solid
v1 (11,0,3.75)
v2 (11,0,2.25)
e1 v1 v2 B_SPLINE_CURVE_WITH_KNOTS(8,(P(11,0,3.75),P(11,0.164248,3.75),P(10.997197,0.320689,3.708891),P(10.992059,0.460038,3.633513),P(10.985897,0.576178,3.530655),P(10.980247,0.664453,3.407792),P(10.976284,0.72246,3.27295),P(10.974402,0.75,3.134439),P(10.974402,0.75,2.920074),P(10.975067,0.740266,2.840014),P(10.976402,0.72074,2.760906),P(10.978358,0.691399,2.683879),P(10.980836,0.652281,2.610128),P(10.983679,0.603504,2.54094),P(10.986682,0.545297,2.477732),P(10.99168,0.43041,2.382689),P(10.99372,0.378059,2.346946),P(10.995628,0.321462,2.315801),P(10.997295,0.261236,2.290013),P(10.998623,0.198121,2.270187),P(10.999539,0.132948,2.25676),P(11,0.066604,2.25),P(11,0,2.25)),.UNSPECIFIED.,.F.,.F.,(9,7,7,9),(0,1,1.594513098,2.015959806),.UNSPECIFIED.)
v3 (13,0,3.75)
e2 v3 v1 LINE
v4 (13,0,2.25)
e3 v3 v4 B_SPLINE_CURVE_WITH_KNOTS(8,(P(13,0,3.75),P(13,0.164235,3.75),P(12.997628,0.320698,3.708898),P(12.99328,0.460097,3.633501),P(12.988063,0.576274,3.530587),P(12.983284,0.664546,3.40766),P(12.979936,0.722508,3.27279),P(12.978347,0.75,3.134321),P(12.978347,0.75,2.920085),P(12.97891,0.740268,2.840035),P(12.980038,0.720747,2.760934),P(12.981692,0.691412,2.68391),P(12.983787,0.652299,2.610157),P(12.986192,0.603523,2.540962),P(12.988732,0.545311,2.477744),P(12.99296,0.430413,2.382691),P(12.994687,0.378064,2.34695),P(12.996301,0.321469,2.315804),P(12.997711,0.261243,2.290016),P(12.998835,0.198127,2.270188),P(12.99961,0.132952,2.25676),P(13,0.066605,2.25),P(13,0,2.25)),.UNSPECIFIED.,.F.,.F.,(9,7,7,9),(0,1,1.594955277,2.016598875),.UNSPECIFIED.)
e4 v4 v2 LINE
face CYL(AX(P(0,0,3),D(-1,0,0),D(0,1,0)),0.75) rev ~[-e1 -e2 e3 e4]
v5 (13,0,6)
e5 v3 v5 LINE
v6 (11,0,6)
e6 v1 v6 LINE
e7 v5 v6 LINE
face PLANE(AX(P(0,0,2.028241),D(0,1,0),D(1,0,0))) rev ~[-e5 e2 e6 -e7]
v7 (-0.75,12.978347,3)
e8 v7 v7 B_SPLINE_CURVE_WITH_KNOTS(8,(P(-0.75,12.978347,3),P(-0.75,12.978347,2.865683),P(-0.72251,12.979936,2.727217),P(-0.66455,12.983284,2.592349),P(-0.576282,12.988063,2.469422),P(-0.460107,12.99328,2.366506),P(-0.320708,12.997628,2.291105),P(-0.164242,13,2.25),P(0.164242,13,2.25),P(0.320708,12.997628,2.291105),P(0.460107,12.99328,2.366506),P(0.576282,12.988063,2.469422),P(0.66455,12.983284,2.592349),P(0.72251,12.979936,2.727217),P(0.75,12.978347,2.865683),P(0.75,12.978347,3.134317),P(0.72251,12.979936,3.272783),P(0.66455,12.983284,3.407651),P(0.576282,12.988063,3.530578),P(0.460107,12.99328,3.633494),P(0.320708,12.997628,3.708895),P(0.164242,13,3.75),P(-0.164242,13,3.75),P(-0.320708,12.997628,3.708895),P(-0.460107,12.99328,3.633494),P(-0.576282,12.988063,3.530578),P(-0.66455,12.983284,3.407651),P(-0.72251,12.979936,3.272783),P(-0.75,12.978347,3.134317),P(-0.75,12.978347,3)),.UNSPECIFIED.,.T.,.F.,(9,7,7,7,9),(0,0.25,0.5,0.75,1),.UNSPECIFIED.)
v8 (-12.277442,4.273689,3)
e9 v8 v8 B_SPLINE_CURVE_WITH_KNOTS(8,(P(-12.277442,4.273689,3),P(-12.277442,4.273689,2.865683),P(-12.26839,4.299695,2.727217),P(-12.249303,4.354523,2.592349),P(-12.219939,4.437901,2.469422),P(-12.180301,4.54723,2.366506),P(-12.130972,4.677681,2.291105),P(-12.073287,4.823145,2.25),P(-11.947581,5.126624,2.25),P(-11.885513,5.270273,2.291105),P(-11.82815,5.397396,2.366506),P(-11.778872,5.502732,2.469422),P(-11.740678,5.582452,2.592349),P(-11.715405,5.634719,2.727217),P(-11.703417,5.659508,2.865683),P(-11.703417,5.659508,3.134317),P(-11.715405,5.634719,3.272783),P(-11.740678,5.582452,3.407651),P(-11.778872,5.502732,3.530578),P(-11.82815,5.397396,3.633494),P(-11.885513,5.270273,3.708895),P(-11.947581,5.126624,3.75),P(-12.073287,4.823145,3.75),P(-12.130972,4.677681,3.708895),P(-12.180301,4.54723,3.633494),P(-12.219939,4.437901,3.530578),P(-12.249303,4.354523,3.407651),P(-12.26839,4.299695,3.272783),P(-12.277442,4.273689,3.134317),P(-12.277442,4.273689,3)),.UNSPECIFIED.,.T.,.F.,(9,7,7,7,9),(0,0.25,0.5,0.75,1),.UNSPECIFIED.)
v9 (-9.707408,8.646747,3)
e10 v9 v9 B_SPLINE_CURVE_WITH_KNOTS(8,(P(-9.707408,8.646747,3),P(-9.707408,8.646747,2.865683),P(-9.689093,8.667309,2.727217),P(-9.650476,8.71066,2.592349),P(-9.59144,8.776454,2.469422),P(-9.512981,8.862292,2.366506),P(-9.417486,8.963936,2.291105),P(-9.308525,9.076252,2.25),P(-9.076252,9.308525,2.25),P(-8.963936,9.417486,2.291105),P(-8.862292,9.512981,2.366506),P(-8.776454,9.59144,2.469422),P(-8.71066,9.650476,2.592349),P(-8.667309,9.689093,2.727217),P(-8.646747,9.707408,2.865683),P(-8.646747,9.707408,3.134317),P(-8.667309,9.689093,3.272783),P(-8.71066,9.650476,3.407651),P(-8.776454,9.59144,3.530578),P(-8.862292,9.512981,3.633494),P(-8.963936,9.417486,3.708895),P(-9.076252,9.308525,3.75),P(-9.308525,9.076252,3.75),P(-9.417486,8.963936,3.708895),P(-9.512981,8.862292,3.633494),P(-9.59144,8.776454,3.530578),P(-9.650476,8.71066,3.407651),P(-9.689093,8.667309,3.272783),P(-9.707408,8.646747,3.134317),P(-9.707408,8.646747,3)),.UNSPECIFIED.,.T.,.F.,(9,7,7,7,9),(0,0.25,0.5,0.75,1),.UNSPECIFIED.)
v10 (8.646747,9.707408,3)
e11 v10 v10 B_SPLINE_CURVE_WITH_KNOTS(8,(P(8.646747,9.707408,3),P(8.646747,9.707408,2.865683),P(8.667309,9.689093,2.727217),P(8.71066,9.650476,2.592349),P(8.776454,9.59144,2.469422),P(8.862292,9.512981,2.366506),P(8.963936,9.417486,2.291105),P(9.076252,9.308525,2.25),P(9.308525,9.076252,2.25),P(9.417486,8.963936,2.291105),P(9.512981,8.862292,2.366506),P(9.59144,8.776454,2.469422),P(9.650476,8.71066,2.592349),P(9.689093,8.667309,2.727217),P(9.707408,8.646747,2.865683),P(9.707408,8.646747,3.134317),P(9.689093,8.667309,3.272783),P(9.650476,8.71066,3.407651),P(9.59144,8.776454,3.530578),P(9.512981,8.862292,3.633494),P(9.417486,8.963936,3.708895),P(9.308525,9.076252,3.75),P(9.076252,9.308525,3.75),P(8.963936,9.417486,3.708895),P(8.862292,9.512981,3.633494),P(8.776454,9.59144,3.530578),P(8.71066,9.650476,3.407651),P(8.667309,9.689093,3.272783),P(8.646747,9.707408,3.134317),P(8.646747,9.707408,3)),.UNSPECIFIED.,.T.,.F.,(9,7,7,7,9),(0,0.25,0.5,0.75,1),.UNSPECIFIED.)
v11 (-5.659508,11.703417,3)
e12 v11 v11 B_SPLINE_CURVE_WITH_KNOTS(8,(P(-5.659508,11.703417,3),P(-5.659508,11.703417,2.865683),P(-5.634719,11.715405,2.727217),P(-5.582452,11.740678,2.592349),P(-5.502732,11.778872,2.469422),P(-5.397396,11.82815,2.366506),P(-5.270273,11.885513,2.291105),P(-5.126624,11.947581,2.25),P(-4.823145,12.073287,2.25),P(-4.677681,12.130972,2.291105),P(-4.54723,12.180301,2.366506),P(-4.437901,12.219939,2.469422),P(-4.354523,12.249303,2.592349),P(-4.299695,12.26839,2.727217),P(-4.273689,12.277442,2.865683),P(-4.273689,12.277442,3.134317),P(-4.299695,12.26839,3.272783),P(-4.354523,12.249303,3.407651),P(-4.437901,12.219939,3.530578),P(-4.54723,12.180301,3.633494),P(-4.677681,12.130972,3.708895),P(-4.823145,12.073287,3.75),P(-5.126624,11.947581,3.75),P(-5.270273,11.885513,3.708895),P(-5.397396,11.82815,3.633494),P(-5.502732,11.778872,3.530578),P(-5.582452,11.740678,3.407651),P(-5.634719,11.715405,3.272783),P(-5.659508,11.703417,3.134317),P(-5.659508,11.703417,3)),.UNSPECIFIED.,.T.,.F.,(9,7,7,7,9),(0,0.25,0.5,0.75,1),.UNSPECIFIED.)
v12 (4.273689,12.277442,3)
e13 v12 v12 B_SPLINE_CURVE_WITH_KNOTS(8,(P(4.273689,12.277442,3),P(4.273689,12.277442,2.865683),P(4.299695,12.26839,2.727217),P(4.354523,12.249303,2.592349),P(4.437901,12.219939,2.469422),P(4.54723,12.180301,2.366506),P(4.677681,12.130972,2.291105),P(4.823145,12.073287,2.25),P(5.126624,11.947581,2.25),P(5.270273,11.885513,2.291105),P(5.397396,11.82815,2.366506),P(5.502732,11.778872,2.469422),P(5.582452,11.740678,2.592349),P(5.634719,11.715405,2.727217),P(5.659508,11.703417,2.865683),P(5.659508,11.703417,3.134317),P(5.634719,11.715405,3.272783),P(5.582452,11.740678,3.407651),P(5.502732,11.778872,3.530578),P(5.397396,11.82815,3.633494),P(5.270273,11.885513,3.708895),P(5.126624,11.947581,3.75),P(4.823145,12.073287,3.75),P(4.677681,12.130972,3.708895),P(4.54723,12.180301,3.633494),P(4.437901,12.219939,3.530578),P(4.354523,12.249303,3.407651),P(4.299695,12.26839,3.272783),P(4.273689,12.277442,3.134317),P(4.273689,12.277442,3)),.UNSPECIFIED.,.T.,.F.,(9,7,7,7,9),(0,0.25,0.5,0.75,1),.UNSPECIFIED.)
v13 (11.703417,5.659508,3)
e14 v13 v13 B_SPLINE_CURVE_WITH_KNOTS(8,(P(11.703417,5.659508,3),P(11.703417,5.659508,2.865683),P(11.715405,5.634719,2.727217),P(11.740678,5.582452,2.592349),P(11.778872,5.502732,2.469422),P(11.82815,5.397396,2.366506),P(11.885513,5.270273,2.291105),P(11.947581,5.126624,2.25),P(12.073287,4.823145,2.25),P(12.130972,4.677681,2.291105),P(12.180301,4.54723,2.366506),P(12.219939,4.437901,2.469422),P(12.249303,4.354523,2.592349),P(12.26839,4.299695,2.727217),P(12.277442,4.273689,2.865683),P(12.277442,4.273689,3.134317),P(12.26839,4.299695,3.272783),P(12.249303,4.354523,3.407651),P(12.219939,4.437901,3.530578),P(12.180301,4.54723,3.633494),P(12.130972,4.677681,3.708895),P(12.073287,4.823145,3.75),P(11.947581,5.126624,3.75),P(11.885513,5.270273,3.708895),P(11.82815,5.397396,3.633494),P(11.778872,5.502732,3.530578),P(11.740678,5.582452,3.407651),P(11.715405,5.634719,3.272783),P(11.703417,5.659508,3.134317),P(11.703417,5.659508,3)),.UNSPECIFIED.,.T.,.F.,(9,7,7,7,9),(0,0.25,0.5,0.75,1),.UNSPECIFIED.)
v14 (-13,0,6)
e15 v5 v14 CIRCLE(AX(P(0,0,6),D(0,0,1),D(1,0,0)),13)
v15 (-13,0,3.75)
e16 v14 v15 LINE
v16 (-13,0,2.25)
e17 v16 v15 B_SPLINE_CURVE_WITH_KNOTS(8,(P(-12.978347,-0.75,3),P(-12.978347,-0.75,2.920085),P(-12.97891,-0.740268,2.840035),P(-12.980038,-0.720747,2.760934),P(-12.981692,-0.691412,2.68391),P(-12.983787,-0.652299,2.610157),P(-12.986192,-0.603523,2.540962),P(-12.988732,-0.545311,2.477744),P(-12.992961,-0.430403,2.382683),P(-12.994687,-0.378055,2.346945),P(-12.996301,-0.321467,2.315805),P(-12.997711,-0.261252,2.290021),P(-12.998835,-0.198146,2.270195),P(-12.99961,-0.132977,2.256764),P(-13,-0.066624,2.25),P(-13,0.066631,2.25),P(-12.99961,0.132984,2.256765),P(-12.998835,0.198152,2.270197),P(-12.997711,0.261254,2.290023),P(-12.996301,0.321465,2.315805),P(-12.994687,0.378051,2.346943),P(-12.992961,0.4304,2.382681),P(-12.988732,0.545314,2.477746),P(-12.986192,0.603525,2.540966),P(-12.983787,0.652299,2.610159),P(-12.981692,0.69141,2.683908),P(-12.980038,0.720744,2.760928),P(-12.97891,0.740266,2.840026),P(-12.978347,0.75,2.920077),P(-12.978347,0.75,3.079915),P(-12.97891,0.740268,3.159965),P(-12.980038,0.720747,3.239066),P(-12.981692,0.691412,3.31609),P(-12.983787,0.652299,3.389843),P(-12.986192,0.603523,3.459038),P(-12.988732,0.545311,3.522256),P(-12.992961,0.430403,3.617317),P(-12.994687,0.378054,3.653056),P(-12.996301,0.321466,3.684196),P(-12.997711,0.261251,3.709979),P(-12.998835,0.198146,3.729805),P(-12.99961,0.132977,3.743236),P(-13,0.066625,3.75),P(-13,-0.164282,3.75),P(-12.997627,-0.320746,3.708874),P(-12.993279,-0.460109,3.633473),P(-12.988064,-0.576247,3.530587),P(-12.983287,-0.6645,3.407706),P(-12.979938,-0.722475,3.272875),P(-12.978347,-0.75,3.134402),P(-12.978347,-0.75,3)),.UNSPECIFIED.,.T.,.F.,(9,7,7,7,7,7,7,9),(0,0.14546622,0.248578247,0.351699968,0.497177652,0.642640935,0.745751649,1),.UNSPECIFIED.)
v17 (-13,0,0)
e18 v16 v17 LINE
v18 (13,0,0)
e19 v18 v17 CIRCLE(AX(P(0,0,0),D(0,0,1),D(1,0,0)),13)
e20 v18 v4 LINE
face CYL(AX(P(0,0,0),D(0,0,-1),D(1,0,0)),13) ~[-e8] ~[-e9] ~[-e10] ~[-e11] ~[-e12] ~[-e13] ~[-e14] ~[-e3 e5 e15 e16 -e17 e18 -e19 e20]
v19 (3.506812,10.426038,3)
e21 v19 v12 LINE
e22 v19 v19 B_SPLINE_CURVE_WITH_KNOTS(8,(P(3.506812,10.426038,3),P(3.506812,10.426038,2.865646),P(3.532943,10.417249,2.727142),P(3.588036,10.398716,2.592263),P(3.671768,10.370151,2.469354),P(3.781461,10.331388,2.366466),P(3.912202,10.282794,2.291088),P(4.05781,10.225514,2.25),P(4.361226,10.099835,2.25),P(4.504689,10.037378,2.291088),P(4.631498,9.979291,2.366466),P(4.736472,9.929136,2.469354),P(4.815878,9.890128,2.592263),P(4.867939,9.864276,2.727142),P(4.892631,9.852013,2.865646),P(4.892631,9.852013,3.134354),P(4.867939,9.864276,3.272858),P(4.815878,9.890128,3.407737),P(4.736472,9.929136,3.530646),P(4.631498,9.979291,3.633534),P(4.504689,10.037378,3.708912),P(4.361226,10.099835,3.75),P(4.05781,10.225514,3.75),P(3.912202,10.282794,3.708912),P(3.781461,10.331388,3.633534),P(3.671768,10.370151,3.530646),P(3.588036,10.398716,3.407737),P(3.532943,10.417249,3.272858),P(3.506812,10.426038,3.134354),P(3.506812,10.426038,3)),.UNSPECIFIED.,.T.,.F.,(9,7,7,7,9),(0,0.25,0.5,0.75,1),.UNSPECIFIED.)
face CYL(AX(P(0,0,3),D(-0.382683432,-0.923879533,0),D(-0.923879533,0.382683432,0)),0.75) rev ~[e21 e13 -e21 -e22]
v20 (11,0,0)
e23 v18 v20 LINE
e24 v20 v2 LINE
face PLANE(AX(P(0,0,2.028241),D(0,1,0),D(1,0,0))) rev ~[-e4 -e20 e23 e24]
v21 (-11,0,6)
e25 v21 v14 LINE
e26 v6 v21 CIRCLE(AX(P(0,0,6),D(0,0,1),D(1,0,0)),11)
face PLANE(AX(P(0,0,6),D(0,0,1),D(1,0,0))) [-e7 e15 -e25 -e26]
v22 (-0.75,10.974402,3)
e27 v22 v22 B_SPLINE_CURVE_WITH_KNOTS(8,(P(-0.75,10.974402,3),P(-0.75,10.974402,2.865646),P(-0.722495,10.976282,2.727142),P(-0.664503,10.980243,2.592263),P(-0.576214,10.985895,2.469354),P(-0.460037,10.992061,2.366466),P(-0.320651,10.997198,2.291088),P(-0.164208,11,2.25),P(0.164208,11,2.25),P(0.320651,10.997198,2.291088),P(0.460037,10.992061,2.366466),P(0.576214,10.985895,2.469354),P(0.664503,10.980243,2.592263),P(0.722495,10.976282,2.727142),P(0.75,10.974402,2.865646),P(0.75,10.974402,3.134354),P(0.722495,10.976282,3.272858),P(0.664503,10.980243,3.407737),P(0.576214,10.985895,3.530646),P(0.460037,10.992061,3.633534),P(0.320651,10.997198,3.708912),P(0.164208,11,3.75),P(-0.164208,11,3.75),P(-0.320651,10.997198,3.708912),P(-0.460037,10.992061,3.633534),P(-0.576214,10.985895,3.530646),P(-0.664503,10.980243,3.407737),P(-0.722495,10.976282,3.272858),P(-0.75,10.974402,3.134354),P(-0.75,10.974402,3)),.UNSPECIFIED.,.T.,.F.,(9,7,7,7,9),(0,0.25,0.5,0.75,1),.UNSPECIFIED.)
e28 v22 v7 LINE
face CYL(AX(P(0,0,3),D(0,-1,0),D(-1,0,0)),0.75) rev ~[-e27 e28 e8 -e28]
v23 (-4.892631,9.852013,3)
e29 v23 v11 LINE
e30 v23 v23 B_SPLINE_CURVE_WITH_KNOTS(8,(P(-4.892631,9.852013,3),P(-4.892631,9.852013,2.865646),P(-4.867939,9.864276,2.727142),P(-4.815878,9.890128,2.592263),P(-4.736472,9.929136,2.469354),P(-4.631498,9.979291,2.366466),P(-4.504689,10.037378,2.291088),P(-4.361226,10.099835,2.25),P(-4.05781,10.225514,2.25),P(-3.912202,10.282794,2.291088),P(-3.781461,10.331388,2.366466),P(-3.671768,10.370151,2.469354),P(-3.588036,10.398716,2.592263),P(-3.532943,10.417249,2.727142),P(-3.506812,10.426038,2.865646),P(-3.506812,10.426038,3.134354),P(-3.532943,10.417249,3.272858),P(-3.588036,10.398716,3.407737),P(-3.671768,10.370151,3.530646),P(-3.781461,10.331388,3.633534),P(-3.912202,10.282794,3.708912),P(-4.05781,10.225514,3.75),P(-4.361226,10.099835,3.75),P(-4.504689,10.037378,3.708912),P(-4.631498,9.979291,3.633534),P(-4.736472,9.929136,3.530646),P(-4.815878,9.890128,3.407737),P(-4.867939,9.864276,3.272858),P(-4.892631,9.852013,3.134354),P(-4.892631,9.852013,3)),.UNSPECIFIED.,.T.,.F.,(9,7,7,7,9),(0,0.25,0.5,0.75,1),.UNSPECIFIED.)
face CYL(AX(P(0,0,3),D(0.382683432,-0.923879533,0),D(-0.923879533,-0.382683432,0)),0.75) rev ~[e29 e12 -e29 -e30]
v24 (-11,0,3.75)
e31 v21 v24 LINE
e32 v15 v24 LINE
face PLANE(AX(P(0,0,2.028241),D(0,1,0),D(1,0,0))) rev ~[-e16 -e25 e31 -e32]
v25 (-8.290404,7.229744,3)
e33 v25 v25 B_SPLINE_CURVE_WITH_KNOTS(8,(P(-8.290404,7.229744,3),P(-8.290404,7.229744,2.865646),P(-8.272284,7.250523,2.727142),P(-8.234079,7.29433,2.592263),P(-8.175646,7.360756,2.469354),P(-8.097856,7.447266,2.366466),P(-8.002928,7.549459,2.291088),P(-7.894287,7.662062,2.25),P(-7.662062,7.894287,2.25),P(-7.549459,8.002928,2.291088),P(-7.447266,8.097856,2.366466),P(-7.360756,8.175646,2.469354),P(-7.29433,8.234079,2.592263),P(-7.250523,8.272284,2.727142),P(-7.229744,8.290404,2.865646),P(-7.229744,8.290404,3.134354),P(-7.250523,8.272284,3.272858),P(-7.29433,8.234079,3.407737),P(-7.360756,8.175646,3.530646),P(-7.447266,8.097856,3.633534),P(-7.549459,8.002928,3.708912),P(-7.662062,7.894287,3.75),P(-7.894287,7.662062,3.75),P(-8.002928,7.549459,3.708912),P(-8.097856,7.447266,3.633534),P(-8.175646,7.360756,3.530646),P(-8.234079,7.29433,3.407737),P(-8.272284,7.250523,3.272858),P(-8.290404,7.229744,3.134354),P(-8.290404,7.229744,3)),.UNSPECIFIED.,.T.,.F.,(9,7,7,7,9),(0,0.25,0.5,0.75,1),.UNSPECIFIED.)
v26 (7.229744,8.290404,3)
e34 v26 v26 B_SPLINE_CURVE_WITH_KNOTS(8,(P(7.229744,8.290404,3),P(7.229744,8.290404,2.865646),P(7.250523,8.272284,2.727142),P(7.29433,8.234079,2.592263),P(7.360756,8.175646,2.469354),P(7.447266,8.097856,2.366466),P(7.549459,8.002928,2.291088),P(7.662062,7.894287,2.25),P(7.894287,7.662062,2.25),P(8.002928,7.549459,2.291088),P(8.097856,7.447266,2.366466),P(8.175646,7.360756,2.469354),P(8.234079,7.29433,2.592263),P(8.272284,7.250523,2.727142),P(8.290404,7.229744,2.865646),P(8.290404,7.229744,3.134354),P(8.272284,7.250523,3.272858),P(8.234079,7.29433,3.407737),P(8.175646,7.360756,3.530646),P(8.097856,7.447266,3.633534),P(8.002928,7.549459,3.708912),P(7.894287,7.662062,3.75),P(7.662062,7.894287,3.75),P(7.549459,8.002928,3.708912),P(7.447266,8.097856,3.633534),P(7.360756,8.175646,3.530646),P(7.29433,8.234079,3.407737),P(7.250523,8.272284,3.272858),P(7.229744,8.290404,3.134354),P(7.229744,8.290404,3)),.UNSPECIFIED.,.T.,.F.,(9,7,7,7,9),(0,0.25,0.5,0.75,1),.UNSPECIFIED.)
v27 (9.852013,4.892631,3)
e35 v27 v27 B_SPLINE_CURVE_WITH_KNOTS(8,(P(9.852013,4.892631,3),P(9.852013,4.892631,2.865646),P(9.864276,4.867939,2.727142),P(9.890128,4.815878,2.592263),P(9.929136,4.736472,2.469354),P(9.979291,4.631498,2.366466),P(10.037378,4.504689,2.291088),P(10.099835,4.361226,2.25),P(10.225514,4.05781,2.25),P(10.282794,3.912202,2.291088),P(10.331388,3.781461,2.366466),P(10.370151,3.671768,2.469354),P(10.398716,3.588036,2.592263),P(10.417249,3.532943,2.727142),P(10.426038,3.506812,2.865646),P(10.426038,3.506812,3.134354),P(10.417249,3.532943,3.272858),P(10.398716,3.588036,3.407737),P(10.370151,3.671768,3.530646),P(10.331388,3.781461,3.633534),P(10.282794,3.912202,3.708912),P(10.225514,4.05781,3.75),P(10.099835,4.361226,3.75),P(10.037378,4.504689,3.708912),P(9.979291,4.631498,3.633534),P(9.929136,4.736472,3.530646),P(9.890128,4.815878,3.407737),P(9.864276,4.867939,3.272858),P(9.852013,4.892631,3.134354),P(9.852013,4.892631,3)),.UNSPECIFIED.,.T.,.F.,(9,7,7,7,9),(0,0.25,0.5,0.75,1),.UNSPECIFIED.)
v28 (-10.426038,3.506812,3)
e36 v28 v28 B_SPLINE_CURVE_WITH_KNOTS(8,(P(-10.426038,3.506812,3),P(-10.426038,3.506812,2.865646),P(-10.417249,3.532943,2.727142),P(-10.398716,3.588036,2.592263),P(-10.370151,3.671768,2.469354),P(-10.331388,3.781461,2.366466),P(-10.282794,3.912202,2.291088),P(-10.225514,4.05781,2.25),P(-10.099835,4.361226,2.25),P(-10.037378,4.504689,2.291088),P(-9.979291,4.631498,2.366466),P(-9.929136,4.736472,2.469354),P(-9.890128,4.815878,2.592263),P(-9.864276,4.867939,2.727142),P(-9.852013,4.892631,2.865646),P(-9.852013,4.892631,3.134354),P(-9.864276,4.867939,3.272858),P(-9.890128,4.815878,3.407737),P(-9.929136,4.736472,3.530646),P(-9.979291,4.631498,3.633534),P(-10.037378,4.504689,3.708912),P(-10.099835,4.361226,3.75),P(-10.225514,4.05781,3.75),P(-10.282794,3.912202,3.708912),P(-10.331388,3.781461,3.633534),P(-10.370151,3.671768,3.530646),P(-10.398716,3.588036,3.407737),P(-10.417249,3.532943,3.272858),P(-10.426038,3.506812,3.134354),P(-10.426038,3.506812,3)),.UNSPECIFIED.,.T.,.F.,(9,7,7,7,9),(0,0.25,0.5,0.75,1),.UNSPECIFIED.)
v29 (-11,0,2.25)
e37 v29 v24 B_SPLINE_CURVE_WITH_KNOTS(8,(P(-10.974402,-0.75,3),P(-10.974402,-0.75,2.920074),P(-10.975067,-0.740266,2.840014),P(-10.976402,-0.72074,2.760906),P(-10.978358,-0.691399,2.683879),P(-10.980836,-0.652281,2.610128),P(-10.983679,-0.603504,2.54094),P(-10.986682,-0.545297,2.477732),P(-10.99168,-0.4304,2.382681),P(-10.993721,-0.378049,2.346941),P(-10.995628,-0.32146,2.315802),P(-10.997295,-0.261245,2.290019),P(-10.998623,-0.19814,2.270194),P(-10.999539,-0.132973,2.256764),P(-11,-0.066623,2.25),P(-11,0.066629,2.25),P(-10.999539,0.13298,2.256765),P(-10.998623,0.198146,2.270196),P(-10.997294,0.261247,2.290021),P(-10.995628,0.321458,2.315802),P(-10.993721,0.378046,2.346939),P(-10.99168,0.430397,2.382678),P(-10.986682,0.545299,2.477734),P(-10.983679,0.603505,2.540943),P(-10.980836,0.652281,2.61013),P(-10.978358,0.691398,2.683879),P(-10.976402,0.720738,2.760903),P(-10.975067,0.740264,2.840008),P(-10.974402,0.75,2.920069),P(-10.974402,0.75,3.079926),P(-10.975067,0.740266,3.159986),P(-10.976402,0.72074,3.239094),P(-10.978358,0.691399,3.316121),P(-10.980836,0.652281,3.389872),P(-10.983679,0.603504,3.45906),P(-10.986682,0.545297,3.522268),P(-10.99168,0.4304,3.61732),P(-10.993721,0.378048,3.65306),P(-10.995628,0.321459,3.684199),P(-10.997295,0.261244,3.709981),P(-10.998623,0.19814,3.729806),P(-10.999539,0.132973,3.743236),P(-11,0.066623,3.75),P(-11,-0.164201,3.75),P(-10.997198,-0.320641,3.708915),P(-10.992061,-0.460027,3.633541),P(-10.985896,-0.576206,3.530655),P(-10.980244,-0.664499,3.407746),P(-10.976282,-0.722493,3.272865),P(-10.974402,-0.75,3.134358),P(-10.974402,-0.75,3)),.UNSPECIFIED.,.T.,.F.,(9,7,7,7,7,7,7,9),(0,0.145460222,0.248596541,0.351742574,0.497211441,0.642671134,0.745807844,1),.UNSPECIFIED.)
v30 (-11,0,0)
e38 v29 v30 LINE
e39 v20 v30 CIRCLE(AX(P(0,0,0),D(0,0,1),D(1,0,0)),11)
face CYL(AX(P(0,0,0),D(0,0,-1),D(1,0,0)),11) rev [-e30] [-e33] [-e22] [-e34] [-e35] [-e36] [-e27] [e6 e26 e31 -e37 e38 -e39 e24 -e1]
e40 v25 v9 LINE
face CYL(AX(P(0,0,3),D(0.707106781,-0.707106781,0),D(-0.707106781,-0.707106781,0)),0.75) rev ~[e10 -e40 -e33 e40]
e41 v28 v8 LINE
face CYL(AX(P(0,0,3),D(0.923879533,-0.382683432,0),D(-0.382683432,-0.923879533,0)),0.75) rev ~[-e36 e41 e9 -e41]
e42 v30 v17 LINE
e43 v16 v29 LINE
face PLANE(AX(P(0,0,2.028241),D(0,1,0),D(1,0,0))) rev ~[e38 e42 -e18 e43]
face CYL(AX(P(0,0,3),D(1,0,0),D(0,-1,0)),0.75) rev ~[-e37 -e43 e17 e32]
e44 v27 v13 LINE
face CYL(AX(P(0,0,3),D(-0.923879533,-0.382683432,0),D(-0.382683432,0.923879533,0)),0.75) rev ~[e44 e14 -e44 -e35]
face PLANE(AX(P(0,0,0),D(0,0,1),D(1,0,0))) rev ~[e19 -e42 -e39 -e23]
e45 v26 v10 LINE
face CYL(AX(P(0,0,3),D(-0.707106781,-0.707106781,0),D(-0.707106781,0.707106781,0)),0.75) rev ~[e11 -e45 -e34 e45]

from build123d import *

# Parameters (mm, degrees)
SKETCH_1_R               = 13
SKETCH_1_R_2             = 11
EXTRUDE_1_DEPTH          = 6
SKETCH_2_R               = 0.75
CUT_EXTRUDE_1_DEPTH      = 14
PATTERN_CIRCULAR_1_COUNT = 16
SKETCH_3_W               = 36.79853237
SKETCH_3_H               = 11.94610836
CUT_EXTRUDE_2_DEPTH      = 14.0000001


with BuildPart() as part:
    # ｽｹｯﾁ1 → ﾎﾞｽ - 押し出し1 (new body)
    with BuildSketch(Plane.XY):
        Circle(SKETCH_1_R)
        Circle(SKETCH_1_R_2, mode=Mode.SUBTRACT)
    extrude(amount=EXTRUDE_1_DEPTH)

    # ｽｹｯﾁ2 → ｶｯﾄ - 押し出し1 (cut, through all)
    with BuildSketch(Plane(origin=(0, 0, 0), x_dir=(1, 0, 0), z_dir=(0, 1, 0))):
        with Locations((0, -3)):
            Circle(SKETCH_2_R)
    cut_extrude_1 = extrude(amount=-CUT_EXTRUDE_1_DEPTH, mode=Mode.SUBTRACT)

    # 円形ﾊﾟﾀｰﾝ1: ｶｯﾄ - 押し出し1 ×16 about axis
    pattern_circular_1_axis = Axis((0, 0, 0), (0, 0, 1))
    for i in range(1, PATTERN_CIRCULAR_1_COUNT):
        add(cut_extrude_1.rotate(pattern_circular_1_axis, i * 360 / PATTERN_CIRCULAR_1_COUNT), mode=Mode.SUBTRACT)

    # ｽｹｯﾁ3 → ｶｯﾄ - 押し出し2 (cut, through all)
    with BuildSketch(Plane(origin=(0, 0, 0), x_dir=(1, 0, 0), z_dir=(0, 1, 0))):
        with Locations((0, -2.028241391)):
            Rectangle(SKETCH_3_W, SKETCH_3_H)
    extrude(amount=-CUT_EXTRUDE_2_DEPTH, mode=Mode.SUBTRACT)


solid = part.part
